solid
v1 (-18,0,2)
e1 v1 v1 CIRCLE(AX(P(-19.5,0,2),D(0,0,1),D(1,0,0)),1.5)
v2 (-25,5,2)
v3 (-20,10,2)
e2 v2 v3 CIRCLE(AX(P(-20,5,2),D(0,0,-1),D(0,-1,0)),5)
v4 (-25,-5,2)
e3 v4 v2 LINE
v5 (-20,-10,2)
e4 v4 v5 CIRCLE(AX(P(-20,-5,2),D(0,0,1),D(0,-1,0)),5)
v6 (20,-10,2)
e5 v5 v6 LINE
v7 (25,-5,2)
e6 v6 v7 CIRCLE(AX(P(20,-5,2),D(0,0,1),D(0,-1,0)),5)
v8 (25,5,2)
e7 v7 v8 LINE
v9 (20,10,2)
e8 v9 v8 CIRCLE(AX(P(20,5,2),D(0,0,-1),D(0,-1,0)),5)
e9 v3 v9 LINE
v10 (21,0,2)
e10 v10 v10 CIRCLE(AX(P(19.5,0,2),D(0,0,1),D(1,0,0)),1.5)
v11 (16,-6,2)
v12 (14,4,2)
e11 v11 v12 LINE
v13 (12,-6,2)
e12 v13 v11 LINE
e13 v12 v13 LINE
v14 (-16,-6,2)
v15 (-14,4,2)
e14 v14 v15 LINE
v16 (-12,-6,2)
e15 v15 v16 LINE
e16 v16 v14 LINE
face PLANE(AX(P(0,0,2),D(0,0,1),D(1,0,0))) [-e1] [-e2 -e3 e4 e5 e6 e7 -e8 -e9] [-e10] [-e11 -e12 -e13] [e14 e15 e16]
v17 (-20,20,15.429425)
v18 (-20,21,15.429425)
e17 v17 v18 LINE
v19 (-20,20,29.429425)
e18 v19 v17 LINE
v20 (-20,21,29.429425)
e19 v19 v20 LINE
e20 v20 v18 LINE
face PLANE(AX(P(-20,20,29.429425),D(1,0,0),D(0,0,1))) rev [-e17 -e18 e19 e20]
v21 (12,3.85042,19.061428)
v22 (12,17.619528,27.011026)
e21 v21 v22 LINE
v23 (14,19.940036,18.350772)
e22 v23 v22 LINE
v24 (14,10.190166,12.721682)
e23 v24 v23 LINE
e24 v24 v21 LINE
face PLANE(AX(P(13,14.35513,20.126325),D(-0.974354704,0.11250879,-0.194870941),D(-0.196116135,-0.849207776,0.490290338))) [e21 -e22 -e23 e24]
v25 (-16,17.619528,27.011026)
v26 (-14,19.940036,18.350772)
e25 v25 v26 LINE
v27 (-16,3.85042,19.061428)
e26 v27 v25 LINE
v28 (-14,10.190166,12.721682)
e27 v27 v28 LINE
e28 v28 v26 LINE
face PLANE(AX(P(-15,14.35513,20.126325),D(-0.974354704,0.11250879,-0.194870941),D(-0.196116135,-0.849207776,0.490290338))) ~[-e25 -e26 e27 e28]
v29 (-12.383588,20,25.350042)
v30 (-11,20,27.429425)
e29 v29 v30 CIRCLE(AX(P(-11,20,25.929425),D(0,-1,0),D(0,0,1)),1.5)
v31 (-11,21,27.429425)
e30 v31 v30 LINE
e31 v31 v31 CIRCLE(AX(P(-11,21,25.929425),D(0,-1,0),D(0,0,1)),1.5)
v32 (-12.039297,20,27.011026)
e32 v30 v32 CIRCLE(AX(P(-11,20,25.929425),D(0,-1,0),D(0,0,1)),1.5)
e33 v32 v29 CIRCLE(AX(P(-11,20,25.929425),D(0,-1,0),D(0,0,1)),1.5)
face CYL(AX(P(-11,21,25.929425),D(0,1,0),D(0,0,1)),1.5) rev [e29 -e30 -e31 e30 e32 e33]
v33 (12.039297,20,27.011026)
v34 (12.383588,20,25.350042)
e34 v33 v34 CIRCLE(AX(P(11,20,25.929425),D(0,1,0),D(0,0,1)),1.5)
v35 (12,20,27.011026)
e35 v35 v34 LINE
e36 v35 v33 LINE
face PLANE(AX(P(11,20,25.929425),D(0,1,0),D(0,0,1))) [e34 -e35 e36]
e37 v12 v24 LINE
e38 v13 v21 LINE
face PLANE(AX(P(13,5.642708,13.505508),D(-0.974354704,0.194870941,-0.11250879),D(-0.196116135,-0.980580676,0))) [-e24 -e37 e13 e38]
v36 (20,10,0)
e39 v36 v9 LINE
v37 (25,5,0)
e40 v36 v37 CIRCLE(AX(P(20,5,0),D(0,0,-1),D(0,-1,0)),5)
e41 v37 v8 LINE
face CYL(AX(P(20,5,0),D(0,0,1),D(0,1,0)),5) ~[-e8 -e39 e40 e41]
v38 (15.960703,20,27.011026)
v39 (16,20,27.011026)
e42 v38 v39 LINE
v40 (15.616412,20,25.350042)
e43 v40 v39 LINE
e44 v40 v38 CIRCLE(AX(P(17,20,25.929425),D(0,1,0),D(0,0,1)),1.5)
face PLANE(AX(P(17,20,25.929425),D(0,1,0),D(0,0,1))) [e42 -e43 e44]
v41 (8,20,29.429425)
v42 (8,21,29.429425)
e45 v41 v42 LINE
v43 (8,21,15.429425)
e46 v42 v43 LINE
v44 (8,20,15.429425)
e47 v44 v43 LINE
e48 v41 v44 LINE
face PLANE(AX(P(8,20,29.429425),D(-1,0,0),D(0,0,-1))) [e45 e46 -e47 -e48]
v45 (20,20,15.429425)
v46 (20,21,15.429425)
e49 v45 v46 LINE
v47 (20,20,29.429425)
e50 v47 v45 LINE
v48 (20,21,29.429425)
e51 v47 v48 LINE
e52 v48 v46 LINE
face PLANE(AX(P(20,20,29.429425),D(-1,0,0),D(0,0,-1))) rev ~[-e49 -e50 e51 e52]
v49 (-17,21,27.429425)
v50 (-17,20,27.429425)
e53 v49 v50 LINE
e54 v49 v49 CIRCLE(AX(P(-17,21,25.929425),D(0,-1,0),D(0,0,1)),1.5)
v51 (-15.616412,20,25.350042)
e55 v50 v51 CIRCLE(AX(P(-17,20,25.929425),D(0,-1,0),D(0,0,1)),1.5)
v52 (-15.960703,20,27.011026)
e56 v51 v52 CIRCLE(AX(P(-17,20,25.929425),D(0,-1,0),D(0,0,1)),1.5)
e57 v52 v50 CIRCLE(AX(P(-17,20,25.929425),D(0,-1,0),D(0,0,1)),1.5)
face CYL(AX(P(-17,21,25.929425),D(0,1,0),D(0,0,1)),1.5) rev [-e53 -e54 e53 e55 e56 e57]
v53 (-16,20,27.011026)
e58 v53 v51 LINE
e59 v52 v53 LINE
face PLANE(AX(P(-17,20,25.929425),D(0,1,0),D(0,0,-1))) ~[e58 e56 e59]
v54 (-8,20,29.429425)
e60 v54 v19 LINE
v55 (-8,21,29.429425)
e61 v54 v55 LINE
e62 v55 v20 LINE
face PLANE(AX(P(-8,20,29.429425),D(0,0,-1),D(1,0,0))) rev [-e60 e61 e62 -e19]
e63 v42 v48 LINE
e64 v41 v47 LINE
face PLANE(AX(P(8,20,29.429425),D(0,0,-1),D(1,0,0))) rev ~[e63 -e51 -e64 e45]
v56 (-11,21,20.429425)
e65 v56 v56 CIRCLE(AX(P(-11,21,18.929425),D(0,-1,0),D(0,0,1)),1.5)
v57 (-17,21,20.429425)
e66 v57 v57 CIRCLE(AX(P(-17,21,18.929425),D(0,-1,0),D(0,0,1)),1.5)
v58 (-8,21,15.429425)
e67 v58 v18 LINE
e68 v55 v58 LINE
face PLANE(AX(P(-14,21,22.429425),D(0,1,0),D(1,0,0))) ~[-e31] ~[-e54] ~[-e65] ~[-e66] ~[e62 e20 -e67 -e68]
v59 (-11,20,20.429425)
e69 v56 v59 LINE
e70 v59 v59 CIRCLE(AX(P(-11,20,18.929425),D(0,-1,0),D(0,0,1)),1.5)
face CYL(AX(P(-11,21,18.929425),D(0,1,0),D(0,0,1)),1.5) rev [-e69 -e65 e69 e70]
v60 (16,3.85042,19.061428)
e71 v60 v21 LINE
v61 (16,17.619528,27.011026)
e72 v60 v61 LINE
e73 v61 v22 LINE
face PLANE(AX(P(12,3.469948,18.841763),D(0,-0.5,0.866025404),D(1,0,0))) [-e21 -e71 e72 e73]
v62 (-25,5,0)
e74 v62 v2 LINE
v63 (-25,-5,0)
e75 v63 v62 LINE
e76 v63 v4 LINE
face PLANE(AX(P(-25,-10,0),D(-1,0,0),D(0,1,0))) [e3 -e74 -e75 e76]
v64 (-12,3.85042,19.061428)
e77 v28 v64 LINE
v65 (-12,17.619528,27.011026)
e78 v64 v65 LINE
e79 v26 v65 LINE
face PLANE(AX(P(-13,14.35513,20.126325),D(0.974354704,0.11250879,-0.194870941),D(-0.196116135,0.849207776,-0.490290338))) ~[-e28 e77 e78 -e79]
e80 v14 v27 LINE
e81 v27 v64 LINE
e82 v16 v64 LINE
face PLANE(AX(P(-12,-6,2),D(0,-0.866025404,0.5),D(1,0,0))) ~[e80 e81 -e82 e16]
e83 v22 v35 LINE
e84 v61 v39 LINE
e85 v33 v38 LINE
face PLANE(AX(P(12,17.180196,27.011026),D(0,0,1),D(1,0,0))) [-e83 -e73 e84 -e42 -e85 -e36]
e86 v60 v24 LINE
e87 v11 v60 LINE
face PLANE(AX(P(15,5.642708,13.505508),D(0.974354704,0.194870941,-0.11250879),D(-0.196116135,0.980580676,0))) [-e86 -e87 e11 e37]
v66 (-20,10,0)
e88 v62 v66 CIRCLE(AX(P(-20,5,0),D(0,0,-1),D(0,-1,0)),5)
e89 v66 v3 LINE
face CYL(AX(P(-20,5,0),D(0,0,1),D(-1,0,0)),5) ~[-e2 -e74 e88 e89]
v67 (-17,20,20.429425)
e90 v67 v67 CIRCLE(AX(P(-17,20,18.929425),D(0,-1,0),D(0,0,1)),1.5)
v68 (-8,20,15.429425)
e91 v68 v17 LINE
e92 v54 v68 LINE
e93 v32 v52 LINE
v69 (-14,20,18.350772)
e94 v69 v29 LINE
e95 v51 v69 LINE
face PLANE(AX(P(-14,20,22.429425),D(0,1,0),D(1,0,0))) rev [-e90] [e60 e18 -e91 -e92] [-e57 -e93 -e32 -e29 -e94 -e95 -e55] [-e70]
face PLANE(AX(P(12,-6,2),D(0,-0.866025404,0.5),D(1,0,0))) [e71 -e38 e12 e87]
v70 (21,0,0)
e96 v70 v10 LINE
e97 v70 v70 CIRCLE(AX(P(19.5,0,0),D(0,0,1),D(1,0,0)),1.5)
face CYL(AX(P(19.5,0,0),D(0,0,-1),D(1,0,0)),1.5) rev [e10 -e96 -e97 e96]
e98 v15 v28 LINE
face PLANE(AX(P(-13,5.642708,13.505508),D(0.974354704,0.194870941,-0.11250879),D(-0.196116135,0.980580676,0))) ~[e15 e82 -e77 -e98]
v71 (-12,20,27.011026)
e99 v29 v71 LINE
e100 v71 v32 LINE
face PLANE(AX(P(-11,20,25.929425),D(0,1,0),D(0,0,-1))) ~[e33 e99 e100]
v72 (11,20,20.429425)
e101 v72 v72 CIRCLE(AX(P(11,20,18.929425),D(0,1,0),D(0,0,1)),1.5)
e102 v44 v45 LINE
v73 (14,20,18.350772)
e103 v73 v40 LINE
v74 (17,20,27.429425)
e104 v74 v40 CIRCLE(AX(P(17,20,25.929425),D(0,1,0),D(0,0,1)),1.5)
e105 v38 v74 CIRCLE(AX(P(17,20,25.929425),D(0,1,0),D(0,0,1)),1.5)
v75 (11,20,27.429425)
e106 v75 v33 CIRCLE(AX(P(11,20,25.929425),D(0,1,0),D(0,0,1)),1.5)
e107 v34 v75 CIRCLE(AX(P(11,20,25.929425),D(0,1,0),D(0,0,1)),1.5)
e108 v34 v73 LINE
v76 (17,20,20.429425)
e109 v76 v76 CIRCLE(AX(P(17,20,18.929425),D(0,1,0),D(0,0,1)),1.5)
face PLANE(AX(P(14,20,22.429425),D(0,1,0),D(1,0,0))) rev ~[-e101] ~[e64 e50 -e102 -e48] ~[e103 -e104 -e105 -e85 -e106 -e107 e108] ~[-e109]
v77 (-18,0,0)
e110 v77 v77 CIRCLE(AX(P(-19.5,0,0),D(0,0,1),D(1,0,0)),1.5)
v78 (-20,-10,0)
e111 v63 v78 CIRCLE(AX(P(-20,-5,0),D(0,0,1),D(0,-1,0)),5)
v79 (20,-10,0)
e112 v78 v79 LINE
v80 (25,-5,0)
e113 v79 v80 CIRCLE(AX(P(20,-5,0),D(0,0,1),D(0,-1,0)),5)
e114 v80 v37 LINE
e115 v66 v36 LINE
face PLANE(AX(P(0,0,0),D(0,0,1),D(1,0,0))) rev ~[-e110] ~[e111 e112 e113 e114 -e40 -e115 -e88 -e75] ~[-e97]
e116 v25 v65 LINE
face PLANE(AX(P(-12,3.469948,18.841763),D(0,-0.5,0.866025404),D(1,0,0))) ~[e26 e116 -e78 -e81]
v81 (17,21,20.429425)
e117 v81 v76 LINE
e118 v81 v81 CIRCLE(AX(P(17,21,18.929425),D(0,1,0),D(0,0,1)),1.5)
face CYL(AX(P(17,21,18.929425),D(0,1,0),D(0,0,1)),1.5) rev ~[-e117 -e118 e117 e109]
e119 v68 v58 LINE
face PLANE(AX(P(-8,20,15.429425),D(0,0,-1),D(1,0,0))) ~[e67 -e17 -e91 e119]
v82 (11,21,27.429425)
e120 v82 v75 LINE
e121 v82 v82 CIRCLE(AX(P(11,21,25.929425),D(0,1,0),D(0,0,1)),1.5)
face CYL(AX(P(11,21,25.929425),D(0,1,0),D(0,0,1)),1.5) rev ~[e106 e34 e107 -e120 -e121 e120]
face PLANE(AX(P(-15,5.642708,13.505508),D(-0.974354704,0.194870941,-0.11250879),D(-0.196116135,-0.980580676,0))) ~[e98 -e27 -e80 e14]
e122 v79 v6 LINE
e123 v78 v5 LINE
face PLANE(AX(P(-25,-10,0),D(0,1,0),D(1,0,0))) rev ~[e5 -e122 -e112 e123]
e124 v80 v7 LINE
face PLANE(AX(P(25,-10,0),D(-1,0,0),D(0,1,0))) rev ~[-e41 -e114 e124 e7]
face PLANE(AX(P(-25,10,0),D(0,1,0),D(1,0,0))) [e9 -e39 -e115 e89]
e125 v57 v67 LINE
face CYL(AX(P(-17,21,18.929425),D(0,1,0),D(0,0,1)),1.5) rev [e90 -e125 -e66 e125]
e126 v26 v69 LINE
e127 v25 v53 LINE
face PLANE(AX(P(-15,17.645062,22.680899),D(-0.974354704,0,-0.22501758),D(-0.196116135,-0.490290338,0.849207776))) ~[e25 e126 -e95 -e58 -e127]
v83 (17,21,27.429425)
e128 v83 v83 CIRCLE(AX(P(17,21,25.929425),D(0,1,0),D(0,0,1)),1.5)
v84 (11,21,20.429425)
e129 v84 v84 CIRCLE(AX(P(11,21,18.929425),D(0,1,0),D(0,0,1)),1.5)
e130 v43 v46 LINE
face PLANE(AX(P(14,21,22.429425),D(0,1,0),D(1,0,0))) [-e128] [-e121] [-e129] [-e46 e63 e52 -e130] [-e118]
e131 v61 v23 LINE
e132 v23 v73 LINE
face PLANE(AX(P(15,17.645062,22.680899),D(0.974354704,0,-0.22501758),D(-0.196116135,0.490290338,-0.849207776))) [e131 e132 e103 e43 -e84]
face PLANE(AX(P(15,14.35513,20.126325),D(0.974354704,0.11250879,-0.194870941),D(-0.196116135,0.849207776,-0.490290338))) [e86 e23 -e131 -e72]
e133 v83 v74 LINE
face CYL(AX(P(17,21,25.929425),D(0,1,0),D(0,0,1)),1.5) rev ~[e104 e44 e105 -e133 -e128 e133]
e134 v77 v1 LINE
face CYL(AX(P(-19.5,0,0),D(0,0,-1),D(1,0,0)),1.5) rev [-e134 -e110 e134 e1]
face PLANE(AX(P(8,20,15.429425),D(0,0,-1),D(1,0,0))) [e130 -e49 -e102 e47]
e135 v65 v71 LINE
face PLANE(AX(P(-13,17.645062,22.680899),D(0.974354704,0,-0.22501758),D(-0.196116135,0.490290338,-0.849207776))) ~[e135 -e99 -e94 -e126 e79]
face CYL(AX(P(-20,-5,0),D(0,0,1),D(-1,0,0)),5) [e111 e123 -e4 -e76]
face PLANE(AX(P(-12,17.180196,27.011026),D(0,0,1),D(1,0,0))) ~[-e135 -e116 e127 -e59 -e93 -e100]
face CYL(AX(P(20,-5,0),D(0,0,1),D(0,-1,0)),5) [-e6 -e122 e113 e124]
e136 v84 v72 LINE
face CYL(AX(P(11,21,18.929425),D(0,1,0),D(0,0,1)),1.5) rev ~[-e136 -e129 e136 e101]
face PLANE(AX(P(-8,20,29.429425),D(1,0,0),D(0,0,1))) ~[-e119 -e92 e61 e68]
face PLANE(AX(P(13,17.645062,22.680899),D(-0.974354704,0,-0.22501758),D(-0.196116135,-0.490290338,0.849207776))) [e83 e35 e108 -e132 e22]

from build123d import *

# Parameters (mm, degrees)
SKETCH_1_W          = 50
SKETCH_1_H          = 20
SKETCH_1_R          = 1.5
EXTRUDE_1_DEPTH     = 2
FILLET_1_R          = 5
SKETCH_7_W          = 4
SKETCH_7_H          = 17.320508076
CUT_EXTRUDE_1_DEPTH = 8
SKETCH_9_W          = 12
SKETCH_9_H          = 14
EXTRUDE_3_DEPTH     = 1
SKETCH_10_R         = 1.5
CUT_EXTRUDE_2_DEPTH = 1


with BuildPart() as part:
    # 草图1 → 凸台-拉伸1 (new body)
    with BuildSketch(Plane.XY):
        Rectangle(SKETCH_1_W, SKETCH_1_H)
        with Locations((-19.5, 0)):
            Circle(SKETCH_1_R, mode=Mode.SUBTRACT)
        with Locations((19.5, 0)):
            Circle(SKETCH_1_R, mode=Mode.SUBTRACT)
    extrude(amount=EXTRUDE_1_DEPTH)

    # 圆角1
    fillet_1_edges = [part.edges().sort_by_distance(p)[0] for p in [
        (25, -10, 1),
        (-25, -10, 1),
        (-25, 10, 1),
        (25, 10, 1),
    ]]
    fillet(fillet_1_edges, radius=FILLET_1_R)

    # 扫描1: sweep along a path in 草图6
    with BuildLine(Plane(origin=(14, 0, 0), x_dir=(0, 0, -1), z_dir=(1, 0, 0))) as sweep_1_path:
        Line((-2, -4.360392195), (-18.021958635, 4.889889936))
        Line((-18.021958635, 4.889889936), (-25.591084209, 18))
        Line((-25.591084209, 18), (-25.591084209, 22))
    # 草图2 → 扫描1 (sweep)
    with BuildSketch(Plane.XY.offset(2)):
        Polygon((14, 4), (12, -6), (16, -6), align=None)
    sweep_1 = sweep(path=sweep_1_path.line, transition=Transition.RIGHT)

    # 草图7 → 切除-拉伸1 (cut)
    with BuildSketch(Plane(origin=(0, 20, 0), x_dir=(1, 0, 0), z_dir=(0, 1, 0))):
        with Locations((14, -18.350772183)):
            Rectangle(SKETCH_7_W, SKETCH_7_H)
    cut_extrude_1 = extrude(amount=CUT_EXTRUDE_1_DEPTH, mode=Mode.SUBTRACT)

    # 草图9 → 凸台-拉伸3 (add)
    with BuildSketch(Plane(origin=(0, 20, 0), x_dir=(1, 0, 0), z_dir=(0, 1, 0))):
        with Locations((14, -22.429425186)):
            Rectangle(SKETCH_9_W, SKETCH_9_H)
    extrude_3 = extrude(amount=EXTRUDE_3_DEPTH)

    # 草图10 → 切除-拉伸2 (cut)
    with BuildSketch(Plane(origin=(0, 21, 0), x_dir=(1, 0, 0), z_dir=(0, 1, 0))):
        with Locations(Location((11, -25.929425186, 0), (0, 0, 270))):
            Circle(SKETCH_10_R)
        with Locations(Location((17, -18.929425186, 0), (0, 0, 270))):
            Circle(SKETCH_10_R)
        with Locations(Location((11, -18.929425186, 0), (0, 0, 270))):
            Circle(SKETCH_10_R)
        with Locations(Location((17, -25.929425186, 0), (0, 0, 270))):
            Circle(SKETCH_10_R)
    cut_extrude_2 = extrude(amount=-CUT_EXTRUDE_2_DEPTH, mode=Mode.SUBTRACT)

    # 镜向1: 扫描1, 切除-拉伸1, 凸台-拉伸3, 切除-拉伸2 across plane
    add(sweep_1.mirror(Plane(origin=(0, 0, 0), x_dir=(0, 0, 1), z_dir=(1, 0, 0))))
    add(cut_extrude_1.mirror(Plane(origin=(0, 0, 0), x_dir=(0, 0, 1), z_dir=(1, 0, 0))), mode=Mode.SUBTRACT)
    add(extrude_3.mirror(Plane(origin=(0, 0, 0), x_dir=(0, 0, 1), z_dir=(1, 0, 0))))
    add(cut_extrude_2.mirror(Plane(origin=(0, 0, 0), x_dir=(0, 0, 1), z_dir=(1, 0, 0))), mode=Mode.SUBTRACT)


solid = part.part
